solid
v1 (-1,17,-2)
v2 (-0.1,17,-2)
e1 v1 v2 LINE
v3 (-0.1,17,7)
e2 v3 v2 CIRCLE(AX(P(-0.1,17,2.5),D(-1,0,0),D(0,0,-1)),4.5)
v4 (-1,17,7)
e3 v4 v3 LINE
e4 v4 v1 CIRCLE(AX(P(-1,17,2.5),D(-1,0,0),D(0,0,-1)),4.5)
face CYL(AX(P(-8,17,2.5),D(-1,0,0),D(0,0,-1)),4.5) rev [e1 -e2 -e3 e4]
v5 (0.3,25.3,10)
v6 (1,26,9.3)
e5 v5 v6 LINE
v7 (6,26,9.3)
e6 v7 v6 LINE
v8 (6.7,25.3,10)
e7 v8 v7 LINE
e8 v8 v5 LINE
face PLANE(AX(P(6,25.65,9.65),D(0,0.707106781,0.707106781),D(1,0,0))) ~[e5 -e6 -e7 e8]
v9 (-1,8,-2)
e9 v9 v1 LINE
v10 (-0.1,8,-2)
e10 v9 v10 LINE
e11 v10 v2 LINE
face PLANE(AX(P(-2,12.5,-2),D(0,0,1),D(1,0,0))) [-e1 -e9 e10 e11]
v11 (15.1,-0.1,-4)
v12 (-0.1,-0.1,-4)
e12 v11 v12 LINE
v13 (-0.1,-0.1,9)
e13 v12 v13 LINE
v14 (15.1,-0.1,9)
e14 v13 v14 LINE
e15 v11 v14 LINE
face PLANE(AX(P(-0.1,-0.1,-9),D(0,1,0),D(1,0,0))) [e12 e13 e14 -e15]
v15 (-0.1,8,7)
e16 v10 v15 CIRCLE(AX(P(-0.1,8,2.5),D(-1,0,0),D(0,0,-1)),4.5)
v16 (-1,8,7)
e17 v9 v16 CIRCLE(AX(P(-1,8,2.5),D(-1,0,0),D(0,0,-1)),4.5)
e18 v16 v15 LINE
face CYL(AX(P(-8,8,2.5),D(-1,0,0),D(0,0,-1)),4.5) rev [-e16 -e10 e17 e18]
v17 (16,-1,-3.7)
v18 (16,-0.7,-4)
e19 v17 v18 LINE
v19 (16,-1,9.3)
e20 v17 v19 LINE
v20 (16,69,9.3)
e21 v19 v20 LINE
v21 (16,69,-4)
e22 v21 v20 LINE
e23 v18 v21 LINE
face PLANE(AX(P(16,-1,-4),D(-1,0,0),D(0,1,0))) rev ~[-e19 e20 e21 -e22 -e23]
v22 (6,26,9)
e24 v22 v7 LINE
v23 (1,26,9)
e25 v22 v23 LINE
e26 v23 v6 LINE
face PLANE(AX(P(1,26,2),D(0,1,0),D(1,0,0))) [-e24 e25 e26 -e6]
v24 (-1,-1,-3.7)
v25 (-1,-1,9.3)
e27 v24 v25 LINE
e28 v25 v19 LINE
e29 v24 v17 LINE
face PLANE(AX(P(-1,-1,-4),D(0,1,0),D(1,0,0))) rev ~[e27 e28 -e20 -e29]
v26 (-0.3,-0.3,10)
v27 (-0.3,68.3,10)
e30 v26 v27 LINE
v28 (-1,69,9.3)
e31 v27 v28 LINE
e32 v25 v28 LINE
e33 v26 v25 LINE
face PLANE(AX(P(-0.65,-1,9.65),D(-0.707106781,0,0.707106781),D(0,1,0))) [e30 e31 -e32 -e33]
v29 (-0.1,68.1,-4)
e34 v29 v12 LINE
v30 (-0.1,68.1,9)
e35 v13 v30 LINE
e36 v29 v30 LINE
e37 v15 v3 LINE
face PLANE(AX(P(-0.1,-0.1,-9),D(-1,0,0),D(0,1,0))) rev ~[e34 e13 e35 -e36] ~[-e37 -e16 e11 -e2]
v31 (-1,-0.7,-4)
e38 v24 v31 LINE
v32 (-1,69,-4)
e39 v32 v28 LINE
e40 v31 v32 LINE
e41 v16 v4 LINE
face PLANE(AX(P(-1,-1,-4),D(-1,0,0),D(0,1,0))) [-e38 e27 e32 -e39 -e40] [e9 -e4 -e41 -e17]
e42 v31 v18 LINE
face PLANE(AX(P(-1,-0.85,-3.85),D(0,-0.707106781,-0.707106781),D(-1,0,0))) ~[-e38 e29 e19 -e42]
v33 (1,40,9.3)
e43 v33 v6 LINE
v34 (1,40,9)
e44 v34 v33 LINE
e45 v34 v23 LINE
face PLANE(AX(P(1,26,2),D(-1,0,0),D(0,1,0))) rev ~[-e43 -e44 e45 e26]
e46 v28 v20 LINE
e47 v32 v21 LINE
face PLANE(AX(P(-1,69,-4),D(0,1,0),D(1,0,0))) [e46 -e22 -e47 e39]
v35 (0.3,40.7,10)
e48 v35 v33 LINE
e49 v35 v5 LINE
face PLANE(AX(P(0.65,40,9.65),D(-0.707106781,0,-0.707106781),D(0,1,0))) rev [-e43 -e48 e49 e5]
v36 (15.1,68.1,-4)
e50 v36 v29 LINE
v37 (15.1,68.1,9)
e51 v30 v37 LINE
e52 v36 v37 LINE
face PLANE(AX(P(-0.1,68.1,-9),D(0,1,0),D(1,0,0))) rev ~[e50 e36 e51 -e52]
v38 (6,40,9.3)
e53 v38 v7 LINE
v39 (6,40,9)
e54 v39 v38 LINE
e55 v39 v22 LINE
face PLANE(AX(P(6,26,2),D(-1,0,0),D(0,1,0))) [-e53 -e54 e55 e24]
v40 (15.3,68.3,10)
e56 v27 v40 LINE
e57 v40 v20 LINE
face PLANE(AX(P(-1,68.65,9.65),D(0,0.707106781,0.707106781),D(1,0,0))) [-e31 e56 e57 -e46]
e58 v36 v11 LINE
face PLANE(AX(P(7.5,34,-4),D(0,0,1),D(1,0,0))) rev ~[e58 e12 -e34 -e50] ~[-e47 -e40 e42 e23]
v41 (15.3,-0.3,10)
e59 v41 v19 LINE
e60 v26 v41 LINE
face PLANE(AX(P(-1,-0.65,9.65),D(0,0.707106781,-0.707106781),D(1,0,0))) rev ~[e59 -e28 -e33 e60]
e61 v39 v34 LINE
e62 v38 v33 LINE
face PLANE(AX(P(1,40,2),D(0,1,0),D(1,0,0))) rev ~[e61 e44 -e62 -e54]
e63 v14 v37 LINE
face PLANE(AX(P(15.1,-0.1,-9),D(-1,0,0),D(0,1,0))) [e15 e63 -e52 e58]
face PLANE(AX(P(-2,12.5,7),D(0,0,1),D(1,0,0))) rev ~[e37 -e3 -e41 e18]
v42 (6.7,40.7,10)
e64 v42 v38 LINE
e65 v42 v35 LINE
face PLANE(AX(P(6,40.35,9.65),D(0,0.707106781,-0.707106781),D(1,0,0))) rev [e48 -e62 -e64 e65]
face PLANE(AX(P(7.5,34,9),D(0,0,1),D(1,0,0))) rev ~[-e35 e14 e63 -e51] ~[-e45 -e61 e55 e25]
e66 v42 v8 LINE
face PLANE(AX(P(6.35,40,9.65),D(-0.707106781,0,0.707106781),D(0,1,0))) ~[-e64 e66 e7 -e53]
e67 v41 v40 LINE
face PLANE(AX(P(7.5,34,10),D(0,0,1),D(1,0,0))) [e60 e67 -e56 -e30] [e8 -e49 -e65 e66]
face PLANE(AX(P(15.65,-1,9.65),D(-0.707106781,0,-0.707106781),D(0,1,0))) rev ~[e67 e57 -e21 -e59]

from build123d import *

# Parameters (mm, degrees)
BOX003_W          = 12
BOX003_H          = 9
BOX003_DEPTH      = 9
CYLINDER002_R     = 4.5
CYLINDER002_DEPTH = 12
CYLINDER003_R     = 4.5
CYLINDER003_DEPTH = 12
BOX002_W          = 5
BOX002_H          = 14
BOX002_DEPTH      = 11
BOX_W             = 15.2
BOX_H             = 68.2
BOX_DEPTH         = 18
BOX001_W          = 17
BOX001_H          = 70
BOX001_DEPTH      = 14
CHAMFER_SIZE      = 0.7
CHAMFER001_SIZE   = 0.7
CHAMFER005_SIZE   = 0.3


with BuildPart() as cubo002:
    # Box003 → Box003 (new body)
    with BuildSketch(Plane(origin=(-8, 8, -2), x_dir=(1, 0, 0), z_dir=(0, 0, 1))):
        with Locations((6, 4.5)):
            Rectangle(BOX003_W, BOX003_H)
    extrude(amount=BOX003_DEPTH)


with BuildPart() as cilindro001:
    # Cylinder002 → Cylinder002 (new body)
    with BuildSketch(Plane(origin=(-8, 8, 2.5), x_dir=(0, 0, -1), z_dir=(1, 0, 0))):
        Circle(CYLINDER002_R)
    extrude(amount=CYLINDER002_DEPTH)


with BuildPart() as fusion:
    # Cylinder003 → Cylinder003 (new body)
    with BuildSketch(Plane(origin=(-8, 17, 2.5), x_dir=(0, 0, -1), z_dir=(1, 0, 0))):
        Circle(CYLINDER003_R)
    extrude(amount=CYLINDER003_DEPTH)

    # Fusion: union Cilindro001
    add(cilindro001.part)


with BuildPart() as cubo001:
    # Box002 → Box002 (new body)
    with BuildSketch(Plane(origin=(1, 26, 2), x_dir=(1, 0, 0), z_dir=(0, 0, 1))):
        with Locations((2.5, 7)):
            Rectangle(BOX002_W, BOX002_H)
    extrude(amount=BOX002_DEPTH)


with BuildPart() as foroslot:
    # Box → Box (new body)
    with BuildSketch(Plane(origin=(-0.1, -0.1, -9), x_dir=(1, 0, 0), z_dir=(0, 0, 1))):
        with Locations((7.6, 34.1)):
            Rectangle(BOX_W, BOX_H)
    extrude(amount=BOX_DEPTH)


with BuildPart() as chamfer005:
    # Box001 → Box001 (new body)
    with BuildSketch(Plane(origin=(-1, -1, -4), x_dir=(1, 0, 0), z_dir=(0, 0, 1))):
        with Locations((8.5, 35)):
            Rectangle(BOX001_W, BOX001_H)
    extrude(amount=BOX001_DEPTH)

    # Cut: cut foroSlot
    add(foroslot.part, mode=Mode.SUBTRACT)

    # Cut001: cut Cubo001
    add(cubo001.part, mode=Mode.SUBTRACT)

    # Chamfer
    chamfer_edges = [chamfer005.edges().sort_by_distance(p)[0] for p in [
        (3.5, 26, 10),
        (6, 33, 10),
        (3.5, 40, 10),
        (1, 33, 10),
    ]]
    chamfer(chamfer_edges, length=CHAMFER_SIZE)

    # Chamfer001
    chamfer001_edges = [chamfer005.edges().sort_by_distance(p)[0] for p in [
        (-1, 34, 10),
        (7.5, -1, 10),
        (16, 34, 10),
        (7.5, 69, 10),
    ]]
    chamfer(chamfer001_edges, length=CHAMFER001_SIZE)

    # Cut002: cut Fusion
    add(fusion.part, mode=Mode.SUBTRACT)

    # Cut005: cut Cubo002
    add(cubo002.part, mode=Mode.SUBTRACT)

    # Chamfer005
    chamfer005_edges = [chamfer005.edges().sort_by_distance(p)[0] for p in [
        (7.5, -1, -4),
    ]]
    chamfer(chamfer005_edges, length=CHAMFER005_SIZE)


solid = chamfer005.part
